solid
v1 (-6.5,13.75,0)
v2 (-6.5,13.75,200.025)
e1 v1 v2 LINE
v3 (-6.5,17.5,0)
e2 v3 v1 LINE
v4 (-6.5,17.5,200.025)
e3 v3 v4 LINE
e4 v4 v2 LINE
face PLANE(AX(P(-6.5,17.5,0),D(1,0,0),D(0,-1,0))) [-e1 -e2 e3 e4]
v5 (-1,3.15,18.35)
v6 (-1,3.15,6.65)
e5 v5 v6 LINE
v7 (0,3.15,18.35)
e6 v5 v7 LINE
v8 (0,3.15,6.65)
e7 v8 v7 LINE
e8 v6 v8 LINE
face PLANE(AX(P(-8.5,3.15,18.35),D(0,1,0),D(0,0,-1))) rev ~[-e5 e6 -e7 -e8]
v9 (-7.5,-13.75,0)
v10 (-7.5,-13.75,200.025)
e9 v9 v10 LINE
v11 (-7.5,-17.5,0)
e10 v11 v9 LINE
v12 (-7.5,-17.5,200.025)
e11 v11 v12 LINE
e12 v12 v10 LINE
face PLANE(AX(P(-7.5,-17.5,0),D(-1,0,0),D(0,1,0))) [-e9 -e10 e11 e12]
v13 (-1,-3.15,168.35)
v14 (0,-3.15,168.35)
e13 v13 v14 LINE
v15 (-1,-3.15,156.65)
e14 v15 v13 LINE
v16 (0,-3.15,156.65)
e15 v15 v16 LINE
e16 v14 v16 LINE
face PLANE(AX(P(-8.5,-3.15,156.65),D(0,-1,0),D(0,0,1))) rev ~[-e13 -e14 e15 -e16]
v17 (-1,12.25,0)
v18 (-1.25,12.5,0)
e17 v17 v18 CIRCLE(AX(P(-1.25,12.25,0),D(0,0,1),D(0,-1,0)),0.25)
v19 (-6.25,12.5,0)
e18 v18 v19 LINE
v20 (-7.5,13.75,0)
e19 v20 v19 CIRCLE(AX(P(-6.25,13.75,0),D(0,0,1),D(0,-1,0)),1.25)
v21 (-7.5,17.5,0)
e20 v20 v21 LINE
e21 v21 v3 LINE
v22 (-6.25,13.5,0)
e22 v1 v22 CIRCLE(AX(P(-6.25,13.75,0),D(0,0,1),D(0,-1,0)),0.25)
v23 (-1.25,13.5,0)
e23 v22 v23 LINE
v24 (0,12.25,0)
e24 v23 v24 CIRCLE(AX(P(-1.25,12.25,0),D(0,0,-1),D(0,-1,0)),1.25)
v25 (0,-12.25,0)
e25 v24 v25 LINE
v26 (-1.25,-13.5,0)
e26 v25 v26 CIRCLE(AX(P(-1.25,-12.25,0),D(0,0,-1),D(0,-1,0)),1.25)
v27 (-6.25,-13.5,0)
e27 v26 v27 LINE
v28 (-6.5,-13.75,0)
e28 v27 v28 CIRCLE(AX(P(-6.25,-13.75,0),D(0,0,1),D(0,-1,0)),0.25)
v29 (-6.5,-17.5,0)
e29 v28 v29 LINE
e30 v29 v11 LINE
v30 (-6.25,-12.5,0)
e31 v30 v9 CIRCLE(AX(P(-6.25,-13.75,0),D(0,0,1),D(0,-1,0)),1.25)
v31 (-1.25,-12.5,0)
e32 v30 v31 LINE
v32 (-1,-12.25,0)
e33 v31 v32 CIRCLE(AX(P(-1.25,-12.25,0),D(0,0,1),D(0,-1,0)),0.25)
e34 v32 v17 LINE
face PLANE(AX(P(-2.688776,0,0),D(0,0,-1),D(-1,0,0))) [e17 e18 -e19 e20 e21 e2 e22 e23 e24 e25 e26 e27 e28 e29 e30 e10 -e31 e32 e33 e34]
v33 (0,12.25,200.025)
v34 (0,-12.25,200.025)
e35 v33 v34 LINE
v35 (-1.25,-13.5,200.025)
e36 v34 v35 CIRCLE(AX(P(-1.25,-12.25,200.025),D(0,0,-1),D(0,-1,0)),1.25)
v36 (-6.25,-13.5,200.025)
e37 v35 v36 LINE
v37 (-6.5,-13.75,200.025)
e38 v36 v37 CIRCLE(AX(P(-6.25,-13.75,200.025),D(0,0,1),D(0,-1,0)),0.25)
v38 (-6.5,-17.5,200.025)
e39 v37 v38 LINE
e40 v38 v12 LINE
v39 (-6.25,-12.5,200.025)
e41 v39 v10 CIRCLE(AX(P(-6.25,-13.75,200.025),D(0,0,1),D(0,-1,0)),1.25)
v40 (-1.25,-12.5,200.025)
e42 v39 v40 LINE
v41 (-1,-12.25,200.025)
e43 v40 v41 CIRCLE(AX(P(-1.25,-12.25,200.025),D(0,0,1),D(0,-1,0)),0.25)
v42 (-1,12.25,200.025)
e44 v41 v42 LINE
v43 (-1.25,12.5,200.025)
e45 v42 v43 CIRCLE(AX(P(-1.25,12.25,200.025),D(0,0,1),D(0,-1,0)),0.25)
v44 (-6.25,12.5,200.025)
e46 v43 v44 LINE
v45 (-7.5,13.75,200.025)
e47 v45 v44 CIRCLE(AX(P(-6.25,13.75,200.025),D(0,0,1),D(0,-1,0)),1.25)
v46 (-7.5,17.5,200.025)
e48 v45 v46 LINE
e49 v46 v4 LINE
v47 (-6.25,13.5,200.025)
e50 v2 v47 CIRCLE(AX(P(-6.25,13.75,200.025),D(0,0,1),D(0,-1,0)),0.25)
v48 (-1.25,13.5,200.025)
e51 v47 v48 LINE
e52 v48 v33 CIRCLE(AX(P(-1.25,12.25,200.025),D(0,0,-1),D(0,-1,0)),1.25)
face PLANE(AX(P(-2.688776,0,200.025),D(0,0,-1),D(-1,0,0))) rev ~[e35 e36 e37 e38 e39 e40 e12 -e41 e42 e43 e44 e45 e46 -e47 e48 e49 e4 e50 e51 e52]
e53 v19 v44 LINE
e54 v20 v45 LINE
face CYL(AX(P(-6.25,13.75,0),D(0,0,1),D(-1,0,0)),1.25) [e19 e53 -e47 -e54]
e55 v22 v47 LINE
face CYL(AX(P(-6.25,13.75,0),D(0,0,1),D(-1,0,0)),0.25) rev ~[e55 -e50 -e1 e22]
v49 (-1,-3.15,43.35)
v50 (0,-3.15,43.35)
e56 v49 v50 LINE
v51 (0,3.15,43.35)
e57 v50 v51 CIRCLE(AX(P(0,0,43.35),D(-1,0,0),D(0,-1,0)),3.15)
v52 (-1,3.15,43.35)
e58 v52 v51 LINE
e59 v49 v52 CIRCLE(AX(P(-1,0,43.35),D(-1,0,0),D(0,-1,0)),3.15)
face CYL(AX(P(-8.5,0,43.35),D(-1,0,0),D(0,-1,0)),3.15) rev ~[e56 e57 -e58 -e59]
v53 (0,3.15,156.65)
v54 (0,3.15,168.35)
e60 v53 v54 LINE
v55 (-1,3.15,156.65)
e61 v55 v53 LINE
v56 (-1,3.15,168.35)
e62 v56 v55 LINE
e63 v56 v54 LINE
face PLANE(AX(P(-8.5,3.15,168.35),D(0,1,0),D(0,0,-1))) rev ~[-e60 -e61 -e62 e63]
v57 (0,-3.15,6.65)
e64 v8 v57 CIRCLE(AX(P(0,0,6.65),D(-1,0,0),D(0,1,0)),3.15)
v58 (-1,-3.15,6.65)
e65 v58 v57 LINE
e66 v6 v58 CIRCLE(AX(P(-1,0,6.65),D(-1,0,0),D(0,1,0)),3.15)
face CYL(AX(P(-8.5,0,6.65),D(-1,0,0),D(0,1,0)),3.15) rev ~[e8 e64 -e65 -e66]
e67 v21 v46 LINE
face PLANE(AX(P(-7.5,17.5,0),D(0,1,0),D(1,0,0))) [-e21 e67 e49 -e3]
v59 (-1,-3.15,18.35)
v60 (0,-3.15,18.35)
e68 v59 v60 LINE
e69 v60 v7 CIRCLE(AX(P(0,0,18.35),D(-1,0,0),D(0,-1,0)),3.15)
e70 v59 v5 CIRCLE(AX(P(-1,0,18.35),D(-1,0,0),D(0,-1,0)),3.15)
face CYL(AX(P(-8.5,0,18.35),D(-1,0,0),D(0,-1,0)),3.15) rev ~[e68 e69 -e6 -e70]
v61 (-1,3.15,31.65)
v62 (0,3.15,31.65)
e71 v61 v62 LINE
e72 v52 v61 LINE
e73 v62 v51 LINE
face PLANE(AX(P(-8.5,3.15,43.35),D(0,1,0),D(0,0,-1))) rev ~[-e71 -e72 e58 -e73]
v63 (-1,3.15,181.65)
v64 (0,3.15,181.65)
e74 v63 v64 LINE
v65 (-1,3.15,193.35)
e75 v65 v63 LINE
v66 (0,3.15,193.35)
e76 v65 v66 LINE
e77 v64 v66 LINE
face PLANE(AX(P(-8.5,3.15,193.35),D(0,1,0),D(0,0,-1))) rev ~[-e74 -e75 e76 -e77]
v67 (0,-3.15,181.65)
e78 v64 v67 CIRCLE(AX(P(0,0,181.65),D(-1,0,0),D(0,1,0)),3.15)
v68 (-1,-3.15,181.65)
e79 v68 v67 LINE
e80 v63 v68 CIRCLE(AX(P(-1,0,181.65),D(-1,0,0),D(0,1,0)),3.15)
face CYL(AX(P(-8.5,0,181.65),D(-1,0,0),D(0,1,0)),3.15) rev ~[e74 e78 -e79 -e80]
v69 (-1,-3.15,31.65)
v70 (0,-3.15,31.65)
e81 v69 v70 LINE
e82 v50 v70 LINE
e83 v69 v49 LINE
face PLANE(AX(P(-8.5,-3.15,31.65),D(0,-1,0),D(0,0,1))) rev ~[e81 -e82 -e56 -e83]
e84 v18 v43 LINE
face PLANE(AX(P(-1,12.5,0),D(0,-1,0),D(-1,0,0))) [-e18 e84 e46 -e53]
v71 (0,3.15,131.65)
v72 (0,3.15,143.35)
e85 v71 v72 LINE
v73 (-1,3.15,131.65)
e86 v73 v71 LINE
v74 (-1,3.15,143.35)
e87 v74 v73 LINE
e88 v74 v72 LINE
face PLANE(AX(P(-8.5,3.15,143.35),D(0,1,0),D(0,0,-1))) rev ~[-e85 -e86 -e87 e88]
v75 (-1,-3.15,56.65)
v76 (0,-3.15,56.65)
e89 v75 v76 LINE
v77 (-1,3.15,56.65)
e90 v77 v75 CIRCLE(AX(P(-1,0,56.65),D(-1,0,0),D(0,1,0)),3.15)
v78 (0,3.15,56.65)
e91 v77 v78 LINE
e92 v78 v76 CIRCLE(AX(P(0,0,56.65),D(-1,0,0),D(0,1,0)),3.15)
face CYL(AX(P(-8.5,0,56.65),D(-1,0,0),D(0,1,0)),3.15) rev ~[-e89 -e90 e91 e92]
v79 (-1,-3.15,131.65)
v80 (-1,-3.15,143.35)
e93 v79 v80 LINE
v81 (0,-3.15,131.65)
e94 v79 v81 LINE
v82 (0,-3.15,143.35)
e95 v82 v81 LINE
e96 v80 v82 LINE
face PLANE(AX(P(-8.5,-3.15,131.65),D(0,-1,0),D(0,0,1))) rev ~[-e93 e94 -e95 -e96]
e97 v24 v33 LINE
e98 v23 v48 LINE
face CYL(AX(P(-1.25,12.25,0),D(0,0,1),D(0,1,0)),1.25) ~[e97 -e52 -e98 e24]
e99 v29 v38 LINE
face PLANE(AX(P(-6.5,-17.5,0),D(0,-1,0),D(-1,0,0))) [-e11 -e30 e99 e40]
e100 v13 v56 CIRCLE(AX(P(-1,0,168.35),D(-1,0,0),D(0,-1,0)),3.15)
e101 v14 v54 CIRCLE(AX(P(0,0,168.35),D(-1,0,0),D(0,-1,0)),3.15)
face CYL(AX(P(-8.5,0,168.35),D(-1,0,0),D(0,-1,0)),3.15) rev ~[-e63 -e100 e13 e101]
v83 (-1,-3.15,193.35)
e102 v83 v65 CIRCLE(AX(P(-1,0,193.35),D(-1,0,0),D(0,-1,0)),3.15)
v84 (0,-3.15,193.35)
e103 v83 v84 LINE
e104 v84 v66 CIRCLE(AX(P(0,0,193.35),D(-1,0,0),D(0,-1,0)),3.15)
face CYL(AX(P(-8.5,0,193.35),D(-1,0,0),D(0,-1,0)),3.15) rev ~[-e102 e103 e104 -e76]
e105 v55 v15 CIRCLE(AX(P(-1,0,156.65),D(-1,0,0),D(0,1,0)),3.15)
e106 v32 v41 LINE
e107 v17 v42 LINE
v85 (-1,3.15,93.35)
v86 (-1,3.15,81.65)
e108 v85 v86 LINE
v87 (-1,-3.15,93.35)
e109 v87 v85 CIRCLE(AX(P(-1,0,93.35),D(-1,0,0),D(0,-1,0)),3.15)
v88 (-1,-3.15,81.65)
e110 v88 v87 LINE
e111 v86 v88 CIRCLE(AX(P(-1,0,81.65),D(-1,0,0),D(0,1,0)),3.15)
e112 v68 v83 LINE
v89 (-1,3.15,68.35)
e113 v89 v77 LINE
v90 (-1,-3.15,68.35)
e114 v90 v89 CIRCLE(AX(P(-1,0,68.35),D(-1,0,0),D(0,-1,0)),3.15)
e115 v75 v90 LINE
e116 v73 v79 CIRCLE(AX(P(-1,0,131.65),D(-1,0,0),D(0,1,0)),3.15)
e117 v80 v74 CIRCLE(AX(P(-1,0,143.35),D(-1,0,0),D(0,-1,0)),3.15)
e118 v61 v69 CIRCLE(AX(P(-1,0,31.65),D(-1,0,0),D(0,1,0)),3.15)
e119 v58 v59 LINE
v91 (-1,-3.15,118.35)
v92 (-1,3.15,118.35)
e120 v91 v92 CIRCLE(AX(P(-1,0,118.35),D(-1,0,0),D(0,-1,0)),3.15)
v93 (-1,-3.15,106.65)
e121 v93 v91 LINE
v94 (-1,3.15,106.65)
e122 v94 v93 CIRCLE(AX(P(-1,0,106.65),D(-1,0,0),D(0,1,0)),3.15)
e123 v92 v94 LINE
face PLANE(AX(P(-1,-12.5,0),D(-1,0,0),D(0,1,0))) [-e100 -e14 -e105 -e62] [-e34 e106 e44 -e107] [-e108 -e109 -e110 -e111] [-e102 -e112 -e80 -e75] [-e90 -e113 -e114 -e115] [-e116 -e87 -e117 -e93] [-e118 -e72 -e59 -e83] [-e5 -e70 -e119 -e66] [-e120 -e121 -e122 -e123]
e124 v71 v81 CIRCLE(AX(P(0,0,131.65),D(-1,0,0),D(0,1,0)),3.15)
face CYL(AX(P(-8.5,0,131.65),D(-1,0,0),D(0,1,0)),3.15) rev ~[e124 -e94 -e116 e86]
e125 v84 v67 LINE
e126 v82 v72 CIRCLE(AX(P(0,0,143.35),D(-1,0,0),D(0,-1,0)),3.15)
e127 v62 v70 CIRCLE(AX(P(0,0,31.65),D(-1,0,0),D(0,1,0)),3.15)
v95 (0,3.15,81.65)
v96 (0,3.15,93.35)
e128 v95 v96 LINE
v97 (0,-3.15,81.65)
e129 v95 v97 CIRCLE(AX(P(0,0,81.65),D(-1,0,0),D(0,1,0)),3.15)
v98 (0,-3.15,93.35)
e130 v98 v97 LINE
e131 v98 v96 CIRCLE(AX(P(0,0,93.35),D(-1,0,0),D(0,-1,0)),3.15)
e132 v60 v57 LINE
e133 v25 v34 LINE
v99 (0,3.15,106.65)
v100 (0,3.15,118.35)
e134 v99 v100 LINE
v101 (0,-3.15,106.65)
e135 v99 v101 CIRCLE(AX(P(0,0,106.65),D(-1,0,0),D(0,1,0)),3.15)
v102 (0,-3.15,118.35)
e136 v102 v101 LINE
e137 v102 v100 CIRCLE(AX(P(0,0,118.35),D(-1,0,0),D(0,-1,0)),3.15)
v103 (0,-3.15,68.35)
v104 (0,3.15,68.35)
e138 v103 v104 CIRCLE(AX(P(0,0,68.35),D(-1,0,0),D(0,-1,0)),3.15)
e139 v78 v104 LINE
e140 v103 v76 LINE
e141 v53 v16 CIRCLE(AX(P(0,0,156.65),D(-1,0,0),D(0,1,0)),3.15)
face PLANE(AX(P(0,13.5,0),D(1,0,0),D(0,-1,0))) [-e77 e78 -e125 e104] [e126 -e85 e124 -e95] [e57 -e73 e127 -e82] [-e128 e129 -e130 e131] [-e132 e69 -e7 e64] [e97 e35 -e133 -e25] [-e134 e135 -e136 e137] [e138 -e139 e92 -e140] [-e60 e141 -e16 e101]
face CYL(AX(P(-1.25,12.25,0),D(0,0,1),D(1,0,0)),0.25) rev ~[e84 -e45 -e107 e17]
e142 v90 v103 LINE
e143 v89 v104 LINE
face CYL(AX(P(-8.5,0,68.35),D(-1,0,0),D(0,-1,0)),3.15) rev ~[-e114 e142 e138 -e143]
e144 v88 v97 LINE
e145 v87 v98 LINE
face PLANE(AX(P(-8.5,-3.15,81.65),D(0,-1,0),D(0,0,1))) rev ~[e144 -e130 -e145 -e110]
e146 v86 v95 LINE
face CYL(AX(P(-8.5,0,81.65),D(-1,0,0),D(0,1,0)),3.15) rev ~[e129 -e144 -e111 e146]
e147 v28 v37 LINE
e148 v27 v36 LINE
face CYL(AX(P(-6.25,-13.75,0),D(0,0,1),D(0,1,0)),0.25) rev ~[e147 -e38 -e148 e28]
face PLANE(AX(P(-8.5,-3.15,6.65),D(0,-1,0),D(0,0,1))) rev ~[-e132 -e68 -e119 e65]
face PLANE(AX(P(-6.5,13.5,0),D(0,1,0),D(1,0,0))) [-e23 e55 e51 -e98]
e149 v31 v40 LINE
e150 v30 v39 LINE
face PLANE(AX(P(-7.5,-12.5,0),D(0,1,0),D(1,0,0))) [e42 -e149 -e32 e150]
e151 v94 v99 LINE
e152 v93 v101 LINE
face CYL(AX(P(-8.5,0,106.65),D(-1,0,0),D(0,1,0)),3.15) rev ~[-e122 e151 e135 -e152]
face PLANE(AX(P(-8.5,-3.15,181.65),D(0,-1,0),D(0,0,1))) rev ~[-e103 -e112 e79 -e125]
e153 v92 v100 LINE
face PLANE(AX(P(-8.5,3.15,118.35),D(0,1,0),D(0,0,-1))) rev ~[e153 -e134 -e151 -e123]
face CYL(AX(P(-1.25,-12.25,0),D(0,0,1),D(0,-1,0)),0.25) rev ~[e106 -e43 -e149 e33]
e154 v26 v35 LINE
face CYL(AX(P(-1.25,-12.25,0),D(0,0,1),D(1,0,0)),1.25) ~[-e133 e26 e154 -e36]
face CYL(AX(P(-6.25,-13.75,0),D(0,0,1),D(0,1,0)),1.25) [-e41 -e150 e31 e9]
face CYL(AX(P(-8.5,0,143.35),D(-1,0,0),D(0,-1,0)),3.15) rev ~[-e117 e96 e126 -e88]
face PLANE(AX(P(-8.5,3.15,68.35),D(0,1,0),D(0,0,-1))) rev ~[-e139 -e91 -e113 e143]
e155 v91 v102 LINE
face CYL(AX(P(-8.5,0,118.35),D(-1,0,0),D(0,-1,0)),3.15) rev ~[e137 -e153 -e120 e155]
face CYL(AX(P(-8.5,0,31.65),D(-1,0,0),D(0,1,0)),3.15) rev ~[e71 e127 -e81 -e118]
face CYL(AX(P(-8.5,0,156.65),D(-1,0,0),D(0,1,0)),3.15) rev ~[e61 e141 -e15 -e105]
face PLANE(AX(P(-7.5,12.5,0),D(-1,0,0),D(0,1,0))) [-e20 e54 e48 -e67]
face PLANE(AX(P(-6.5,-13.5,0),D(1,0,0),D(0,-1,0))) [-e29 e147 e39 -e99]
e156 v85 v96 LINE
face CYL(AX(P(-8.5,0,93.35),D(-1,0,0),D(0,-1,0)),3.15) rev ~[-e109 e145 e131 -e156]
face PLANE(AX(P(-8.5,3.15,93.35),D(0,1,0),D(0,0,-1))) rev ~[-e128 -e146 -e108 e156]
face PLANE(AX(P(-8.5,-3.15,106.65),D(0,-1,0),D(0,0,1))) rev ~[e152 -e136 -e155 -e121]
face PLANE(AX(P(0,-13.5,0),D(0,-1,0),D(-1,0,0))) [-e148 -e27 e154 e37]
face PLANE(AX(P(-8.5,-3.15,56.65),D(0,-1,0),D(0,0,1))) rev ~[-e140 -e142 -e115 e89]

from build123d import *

# Parameters (mm, degrees)
EXTRUDE_THIN1_DEPTH = 200.025
CUT_EXTRUDE1_START  = -8.5
CUT_EXTRUDE1_DEPTH  = 9.5
LPATTERN1_COUNT     = 32
LPATTERN1_PITCH     = 25
FILLET1_R           = 0.25
FILLET2_R           = 1.25


with BuildPart() as part:
    # Sketch3 → Extrude-Thin1 (new body)
    with BuildSketch(Plane.XY):
        Polygon((-6.5, 17.5), (-6.5, 13.5), (0, 13.5), (0, -13.5), (-6.5, -13.5), (-6.5, -17.5), (-7.5, -17.5), (-7.5, -12.5), (-1, -12.5), (-1, 12.5), (-7.5, 12.5), (-7.5, 17.5), align=None)
    extrude(amount=EXTRUDE_THIN1_DEPTH)

    # Sketch4 → Cut-Extrude1 (cut)
    with BuildSketch(Plane(origin=(0, 0, 0), x_dir=(0, 0, -1), z_dir=(1, 0, 0)).offset(CUT_EXTRUDE1_START)):
        with BuildLine():
            Line((-6.65, -3.15), (-18.35, -3.15))
            ThreePointArc((-18.35, -3.15), (-21.5, 0), (-18.35, 3.15))
            Line((-18.35, 3.15), (-6.65, 3.15))
            ThreePointArc((-6.65, 3.15), (-3.5, 0), (-6.65, -3.15))
        make_face()
    cut_extrude1 = extrude(amount=CUT_EXTRUDE1_DEPTH, mode=Mode.SUBTRACT)

    # LPattern1: Cut-Extrude1 ×32
    with Locations(*[(0, 0, i * LPATTERN1_PITCH) for i in range(1, LPATTERN1_COUNT)]):
        add(cut_extrude1, mode=Mode.SUBTRACT)

    # Fillet1
    fillet1_edges = [part.edges().sort_by_distance(p)[0] for p in [
        (-6.5, 13.5, 100.0125),
        (-6.5, -13.5, 100.0125),
        (-1, -12.5, 100.0125),
        (-1, 12.5, 100.0125),
    ]]
    fillet(fillet1_edges, radius=FILLET1_R)

    # Fillet2
    fillet2_edges = [part.edges().sort_by_distance(p)[0] for p in [
        (0, 13.5, 100.0125),
        (0, -13.5, 100.0125),
        (-7.5, -12.5, 100.0125),
        (-7.5, 12.5, 100.0125),
    ]]
    fillet(fillet2_edges, radius=FILLET2_R)


solid = part.part
